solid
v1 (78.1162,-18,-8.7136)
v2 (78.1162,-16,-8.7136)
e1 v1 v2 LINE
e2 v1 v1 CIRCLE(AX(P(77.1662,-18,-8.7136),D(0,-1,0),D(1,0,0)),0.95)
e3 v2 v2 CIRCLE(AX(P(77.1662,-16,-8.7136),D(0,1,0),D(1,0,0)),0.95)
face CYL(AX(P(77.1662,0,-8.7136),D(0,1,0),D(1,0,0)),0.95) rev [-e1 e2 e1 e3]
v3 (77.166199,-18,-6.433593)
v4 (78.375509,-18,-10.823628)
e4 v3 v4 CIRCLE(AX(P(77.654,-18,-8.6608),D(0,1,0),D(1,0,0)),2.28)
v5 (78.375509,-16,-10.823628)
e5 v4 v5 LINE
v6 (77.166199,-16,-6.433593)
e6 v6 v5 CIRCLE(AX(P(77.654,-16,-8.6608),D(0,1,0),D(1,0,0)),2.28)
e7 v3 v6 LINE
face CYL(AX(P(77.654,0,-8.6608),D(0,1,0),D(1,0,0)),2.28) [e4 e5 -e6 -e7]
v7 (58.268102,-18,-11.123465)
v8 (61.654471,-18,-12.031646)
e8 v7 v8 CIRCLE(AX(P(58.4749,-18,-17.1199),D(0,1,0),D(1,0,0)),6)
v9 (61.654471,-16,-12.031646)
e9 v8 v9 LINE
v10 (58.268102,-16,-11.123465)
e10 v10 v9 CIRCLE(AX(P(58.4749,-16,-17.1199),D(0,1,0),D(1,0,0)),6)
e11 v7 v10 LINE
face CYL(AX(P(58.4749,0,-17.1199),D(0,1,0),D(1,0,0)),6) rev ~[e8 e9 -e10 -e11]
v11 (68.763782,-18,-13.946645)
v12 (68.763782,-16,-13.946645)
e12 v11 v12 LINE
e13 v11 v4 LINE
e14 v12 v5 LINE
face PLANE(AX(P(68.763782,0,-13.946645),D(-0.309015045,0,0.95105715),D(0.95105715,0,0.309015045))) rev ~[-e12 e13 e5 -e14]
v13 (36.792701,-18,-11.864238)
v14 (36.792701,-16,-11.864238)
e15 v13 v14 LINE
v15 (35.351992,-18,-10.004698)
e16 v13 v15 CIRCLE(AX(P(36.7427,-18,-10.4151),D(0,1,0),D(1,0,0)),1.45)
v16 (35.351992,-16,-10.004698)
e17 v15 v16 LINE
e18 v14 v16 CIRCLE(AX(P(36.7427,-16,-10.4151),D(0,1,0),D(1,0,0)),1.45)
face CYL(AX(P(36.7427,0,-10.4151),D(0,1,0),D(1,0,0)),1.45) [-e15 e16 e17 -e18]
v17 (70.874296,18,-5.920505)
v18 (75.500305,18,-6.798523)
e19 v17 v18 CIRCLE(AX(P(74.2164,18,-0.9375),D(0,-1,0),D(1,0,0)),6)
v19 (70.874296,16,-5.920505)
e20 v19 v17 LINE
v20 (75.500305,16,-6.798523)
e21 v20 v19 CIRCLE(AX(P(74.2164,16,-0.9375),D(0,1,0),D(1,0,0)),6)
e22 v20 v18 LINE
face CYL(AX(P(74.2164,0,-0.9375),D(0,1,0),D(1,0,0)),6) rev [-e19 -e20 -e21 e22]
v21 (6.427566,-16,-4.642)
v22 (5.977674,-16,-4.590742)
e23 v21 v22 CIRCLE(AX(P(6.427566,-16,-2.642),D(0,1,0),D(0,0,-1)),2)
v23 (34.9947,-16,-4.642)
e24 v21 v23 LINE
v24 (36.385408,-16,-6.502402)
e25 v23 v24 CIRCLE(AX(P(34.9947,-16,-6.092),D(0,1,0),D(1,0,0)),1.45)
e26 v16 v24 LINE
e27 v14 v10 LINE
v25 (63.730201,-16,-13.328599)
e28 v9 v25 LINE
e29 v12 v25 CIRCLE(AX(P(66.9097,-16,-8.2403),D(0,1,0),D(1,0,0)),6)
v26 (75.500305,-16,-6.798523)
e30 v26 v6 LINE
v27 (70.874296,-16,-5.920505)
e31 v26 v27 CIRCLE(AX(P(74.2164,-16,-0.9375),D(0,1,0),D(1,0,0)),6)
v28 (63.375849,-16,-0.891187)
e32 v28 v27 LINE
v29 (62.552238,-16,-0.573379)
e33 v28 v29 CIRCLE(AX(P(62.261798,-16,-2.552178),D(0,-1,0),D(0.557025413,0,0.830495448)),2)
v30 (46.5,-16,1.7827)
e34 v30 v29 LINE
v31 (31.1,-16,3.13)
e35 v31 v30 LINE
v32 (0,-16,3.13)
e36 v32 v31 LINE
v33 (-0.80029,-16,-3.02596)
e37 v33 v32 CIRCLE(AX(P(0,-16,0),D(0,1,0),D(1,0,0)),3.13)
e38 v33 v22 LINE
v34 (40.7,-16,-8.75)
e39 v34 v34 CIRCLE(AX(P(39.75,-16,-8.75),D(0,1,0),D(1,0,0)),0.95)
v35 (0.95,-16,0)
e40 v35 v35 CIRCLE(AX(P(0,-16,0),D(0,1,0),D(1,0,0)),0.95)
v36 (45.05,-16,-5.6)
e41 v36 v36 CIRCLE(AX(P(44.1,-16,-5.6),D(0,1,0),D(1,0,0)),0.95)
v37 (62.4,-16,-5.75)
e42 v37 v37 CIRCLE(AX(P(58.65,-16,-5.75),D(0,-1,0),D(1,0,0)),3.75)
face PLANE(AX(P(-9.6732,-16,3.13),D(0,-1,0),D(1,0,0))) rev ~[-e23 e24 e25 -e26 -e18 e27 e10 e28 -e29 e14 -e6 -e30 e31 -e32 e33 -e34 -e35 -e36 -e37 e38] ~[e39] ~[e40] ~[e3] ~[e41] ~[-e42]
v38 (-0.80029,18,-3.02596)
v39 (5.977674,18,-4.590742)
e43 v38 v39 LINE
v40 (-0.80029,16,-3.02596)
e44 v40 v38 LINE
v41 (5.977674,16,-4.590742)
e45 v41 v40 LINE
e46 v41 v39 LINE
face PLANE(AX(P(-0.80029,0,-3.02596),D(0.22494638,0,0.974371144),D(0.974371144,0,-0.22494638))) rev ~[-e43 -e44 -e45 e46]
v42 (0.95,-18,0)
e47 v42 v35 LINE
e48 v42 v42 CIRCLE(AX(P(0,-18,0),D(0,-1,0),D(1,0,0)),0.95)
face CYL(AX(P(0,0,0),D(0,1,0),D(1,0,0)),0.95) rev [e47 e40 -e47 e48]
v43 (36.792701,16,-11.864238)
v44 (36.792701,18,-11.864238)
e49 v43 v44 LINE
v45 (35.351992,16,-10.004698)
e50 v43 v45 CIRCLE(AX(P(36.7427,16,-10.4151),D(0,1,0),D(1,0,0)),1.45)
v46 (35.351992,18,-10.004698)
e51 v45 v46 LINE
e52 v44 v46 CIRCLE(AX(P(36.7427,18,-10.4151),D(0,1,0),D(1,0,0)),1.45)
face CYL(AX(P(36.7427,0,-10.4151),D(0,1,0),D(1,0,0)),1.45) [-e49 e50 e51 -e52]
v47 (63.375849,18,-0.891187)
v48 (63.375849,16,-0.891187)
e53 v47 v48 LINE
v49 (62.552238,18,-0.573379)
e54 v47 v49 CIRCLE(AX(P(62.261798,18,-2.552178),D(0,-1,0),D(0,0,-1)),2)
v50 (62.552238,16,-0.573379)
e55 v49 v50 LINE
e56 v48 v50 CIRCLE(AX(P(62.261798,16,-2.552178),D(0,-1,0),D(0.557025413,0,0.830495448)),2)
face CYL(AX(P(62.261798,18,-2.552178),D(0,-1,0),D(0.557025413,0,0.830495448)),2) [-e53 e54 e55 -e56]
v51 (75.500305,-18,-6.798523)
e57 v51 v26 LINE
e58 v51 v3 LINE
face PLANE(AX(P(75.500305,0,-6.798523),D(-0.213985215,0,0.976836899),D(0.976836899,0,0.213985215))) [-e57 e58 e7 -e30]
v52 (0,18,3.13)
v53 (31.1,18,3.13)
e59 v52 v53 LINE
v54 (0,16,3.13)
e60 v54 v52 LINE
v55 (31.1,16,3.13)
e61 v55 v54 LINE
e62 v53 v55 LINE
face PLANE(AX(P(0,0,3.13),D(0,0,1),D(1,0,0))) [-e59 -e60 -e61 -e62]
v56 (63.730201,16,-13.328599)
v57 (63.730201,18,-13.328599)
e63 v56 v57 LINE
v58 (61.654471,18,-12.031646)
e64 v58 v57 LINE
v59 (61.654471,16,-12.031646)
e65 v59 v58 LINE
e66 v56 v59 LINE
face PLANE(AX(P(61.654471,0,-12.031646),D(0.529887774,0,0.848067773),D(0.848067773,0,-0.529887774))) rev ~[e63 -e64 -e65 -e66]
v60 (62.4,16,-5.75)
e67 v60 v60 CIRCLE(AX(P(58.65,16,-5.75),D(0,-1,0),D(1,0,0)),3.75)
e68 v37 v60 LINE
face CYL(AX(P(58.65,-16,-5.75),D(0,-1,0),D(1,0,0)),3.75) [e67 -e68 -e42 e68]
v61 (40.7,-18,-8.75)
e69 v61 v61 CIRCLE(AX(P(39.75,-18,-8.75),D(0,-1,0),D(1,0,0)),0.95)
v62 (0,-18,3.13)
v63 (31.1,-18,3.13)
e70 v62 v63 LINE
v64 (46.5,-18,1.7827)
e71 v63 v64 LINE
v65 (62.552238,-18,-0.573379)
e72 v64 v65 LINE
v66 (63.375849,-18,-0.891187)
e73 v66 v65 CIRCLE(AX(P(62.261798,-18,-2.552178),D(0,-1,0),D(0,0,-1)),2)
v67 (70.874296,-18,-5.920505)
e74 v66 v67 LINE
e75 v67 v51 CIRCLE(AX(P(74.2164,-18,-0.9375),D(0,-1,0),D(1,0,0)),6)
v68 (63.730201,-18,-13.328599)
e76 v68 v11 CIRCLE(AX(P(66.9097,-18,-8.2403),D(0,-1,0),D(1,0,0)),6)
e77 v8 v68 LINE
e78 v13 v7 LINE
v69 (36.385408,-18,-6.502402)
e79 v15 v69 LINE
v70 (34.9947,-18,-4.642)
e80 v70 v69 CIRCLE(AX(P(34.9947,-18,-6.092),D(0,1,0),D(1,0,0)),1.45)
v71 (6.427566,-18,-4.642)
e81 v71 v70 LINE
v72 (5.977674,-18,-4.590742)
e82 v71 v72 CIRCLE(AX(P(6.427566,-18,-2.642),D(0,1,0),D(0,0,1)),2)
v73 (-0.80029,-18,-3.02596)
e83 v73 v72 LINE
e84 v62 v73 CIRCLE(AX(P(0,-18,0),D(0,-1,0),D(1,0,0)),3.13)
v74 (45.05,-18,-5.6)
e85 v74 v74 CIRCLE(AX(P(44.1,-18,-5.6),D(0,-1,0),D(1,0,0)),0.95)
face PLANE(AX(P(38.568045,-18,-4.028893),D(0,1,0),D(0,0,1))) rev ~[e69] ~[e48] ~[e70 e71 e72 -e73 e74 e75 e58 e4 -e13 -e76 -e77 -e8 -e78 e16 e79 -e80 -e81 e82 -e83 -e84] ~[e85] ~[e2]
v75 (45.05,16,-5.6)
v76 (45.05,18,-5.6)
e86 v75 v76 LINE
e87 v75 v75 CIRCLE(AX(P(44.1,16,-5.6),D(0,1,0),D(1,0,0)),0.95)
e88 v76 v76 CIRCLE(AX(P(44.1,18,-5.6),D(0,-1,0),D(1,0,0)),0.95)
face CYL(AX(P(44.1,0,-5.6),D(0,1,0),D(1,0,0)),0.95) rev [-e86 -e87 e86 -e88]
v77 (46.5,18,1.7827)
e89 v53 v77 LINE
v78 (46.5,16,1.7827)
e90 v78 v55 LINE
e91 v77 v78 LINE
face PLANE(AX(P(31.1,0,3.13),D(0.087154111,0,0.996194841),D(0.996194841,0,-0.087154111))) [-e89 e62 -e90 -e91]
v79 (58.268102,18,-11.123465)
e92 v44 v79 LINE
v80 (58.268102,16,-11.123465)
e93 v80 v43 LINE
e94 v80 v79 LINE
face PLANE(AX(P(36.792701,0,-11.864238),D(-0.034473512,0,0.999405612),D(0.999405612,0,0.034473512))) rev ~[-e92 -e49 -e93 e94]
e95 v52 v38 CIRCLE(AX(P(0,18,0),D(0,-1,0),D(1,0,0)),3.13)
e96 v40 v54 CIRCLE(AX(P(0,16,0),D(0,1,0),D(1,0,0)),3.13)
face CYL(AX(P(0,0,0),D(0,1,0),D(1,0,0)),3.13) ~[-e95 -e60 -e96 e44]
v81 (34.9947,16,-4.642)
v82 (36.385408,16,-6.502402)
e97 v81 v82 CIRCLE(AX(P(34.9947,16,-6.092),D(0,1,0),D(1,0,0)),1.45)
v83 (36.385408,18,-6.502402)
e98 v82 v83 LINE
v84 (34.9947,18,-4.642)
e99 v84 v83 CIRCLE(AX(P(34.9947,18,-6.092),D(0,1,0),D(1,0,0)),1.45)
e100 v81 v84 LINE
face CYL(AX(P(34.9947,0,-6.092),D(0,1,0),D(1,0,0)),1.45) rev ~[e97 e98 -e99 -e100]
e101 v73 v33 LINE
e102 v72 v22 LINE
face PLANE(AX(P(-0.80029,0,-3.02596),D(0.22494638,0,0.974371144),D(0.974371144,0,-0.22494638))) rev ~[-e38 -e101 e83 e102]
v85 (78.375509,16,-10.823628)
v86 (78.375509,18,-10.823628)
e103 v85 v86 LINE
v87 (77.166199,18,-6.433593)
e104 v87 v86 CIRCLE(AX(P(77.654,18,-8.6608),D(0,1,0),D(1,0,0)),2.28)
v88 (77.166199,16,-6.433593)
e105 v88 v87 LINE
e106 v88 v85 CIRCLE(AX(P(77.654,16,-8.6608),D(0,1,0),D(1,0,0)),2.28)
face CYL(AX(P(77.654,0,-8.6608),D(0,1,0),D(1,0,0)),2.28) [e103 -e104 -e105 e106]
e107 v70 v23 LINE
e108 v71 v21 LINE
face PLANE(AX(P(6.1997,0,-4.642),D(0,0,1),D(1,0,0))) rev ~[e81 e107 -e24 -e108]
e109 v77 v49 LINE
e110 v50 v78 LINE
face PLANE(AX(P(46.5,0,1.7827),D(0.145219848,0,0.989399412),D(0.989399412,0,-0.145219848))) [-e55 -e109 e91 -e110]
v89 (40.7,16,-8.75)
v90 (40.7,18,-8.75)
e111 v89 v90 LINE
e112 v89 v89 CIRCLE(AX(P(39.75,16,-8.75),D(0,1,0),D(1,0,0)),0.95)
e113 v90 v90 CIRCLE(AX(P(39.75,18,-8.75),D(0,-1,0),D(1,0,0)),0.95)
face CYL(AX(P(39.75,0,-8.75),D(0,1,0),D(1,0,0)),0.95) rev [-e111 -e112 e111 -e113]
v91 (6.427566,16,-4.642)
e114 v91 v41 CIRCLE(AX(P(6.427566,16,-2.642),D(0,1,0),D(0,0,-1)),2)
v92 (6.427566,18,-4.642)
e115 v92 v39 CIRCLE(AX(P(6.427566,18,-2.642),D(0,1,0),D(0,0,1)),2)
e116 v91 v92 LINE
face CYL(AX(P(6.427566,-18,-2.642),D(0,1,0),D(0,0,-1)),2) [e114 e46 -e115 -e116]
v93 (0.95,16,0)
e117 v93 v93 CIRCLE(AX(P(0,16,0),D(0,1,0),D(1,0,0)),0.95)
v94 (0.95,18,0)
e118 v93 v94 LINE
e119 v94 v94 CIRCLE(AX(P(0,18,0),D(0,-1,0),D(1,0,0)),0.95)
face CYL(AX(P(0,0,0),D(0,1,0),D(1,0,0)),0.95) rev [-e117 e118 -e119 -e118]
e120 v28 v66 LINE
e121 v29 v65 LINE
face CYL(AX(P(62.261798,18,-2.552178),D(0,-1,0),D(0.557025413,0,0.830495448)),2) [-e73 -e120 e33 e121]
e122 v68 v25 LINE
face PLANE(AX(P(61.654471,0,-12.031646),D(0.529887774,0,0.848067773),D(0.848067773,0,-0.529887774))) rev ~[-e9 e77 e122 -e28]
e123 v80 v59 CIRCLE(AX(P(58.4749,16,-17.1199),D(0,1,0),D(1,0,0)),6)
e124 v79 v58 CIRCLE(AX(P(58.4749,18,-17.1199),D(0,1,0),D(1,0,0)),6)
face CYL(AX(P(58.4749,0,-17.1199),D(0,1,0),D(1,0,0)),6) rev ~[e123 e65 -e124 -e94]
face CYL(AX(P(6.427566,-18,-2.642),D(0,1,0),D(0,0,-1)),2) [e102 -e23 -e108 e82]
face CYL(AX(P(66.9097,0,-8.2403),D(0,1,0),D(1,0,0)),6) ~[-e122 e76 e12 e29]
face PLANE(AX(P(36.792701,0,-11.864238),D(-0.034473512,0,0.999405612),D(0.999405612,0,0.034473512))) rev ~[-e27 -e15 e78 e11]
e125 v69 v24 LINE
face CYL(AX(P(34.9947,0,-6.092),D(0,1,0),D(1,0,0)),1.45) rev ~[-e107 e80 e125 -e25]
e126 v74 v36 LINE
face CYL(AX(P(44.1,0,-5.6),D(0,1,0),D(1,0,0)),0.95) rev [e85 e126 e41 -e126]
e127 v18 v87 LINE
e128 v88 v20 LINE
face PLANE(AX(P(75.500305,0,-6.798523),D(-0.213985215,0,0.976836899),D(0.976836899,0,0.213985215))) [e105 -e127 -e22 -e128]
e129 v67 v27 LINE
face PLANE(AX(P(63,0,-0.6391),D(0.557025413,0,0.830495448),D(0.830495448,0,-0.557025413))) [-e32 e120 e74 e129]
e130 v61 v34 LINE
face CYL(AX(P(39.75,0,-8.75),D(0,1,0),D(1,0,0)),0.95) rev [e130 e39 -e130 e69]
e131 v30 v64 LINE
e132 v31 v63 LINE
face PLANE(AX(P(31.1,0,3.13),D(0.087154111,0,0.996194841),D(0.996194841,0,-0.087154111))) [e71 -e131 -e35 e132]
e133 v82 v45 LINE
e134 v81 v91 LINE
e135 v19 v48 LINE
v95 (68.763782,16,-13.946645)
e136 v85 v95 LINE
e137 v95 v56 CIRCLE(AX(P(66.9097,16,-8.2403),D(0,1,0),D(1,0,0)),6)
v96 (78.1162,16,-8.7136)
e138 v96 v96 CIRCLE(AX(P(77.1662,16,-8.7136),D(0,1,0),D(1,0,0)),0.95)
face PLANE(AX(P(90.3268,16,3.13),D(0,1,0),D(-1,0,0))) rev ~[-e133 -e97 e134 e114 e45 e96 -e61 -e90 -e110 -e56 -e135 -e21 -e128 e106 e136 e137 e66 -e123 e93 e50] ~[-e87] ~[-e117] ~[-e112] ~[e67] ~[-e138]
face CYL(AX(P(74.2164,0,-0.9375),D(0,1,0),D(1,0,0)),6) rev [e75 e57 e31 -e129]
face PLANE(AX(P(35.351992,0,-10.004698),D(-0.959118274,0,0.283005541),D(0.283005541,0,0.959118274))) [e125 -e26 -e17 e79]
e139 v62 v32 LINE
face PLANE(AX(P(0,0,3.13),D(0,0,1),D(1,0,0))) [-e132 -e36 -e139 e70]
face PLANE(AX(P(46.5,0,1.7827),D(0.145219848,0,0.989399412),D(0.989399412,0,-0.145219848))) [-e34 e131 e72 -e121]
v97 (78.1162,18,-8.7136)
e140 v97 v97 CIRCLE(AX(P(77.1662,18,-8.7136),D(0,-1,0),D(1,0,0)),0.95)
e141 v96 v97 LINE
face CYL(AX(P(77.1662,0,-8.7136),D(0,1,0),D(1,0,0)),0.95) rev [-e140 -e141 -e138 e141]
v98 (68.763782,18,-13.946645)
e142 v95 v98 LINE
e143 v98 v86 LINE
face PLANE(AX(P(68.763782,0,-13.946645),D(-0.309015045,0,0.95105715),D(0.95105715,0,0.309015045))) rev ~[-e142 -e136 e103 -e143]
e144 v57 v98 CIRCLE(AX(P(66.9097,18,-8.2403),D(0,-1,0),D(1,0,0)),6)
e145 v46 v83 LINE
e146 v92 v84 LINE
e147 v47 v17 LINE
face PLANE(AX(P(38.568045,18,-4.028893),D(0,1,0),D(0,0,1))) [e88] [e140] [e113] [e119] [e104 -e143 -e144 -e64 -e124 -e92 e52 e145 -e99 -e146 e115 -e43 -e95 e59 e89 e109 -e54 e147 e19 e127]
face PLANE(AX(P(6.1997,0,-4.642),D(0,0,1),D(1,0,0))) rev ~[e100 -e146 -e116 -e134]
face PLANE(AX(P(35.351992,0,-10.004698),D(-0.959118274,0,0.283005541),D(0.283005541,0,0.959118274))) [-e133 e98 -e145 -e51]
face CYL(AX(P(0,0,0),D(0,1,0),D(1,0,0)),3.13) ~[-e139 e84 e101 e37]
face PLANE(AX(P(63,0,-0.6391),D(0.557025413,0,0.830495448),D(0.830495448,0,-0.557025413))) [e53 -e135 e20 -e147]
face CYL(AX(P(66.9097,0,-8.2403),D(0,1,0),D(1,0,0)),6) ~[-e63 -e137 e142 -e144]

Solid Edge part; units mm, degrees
sketch "Sketch1" plane through (0, 0, 0) normal (0, -1, 0) x (1, 0, 0)
  line L0 (63, -0.6391) -> (70.8743, -5.9205)
  arc A0 (70.8743, -5.9205) -> (75.5003, -6.7985) centre (74.2164, -0.9375) ccw
  line L1 (75.5003, -6.7985) -> (77.1662, -6.4336)
  arc A1 (77.1662, -6.4336) -> (78.3755, -10.8236) centre (77.654, -8.6608) cw
  line L2 (68.7638, -13.9467) -> (78.3755, -10.8236)
  arc A2 (63.7302, -13.3286) -> (68.7638, -13.9467) centre (66.9097, -8.2403) ccw
  line L3 (61.6545, -12.0316) -> (63.7302, -13.3286)
  arc A3 (58.2681, -11.1234) -> (61.6545, -12.0316) centre (58.4749, -17.1199) cw
  line L4 (36.7927, -11.8642) -> (58.2681, -11.1234)
  arc A4 (36.7927, -11.8642) -> (35.352, -10.0047) centre (36.7427, -10.4151) cw
  line L5 (35.352, -10.0047) -> (36.3854, -6.5024)
  arc A5 (34.9947, -4.642) -> (36.3854, -6.5024) centre (34.9947, -6.092) cw
  line L6 (6.1997, -4.642) -> (34.9947, -4.642)
  line L7 (-0.8003, -3.026) -> (6.1997, -4.642)
  arc A6 (0, 3.13) -> (-0.8003, -3.026) centre (0, 0) ccw
  line L8 (0, 3.13) -> (31.1, 3.13)
  line L9 (31.1, 3.13) -> (46.5, 1.7827)
  line L10 (46.5, 1.7827) -> (63, -0.6391)
  circle A7 centre (44.1, -5.6) radius 0.95
  circle A8 centre (39.75, -8.75) radius 0.95
  circle A9 centre (77.1662, -8.7136) radius 0.95
  circle A10 centre (0, 0) radius 0.95
extrude "Protrusion1" add sketch "Sketch1" along normal mid plane 36
fillet "Round_1" radius 2 4 edges at (31.1, 0, 3.13) (46.5, 0, 1.7827) (63, 0, -0.6391) (6.1997, 0, -4.642)
sketch "Sketch2" plane through (15.5063, 0, 3.13) normal (0, 0, 1) x (-1, 0, 0)
  line L0 (25.1795, 16) -> (-74.8205, 16)
  line L1 (-74.8205, 16) -> (-74.8205, -16)
  line L2 (-74.8205, -16) -> (25.1795, -16)
  line L3 (25.1795, -16) -> (25.1795, 16)
extrude "Cutout1" cut sketch "Sketch2" against normal through all
sketch "Sketch3" plane through (38.402, -18, -5.5552) normal (0, -1, 0) x (1, 0, 0)
  circle A0 centre (20.248, -0.1948) radius 3.75
extrude "Protrusion2" add sketch "Sketch3" against normal up to surface (32 mm away) from surface at -2
properties material "Stainless Steel, 420"
